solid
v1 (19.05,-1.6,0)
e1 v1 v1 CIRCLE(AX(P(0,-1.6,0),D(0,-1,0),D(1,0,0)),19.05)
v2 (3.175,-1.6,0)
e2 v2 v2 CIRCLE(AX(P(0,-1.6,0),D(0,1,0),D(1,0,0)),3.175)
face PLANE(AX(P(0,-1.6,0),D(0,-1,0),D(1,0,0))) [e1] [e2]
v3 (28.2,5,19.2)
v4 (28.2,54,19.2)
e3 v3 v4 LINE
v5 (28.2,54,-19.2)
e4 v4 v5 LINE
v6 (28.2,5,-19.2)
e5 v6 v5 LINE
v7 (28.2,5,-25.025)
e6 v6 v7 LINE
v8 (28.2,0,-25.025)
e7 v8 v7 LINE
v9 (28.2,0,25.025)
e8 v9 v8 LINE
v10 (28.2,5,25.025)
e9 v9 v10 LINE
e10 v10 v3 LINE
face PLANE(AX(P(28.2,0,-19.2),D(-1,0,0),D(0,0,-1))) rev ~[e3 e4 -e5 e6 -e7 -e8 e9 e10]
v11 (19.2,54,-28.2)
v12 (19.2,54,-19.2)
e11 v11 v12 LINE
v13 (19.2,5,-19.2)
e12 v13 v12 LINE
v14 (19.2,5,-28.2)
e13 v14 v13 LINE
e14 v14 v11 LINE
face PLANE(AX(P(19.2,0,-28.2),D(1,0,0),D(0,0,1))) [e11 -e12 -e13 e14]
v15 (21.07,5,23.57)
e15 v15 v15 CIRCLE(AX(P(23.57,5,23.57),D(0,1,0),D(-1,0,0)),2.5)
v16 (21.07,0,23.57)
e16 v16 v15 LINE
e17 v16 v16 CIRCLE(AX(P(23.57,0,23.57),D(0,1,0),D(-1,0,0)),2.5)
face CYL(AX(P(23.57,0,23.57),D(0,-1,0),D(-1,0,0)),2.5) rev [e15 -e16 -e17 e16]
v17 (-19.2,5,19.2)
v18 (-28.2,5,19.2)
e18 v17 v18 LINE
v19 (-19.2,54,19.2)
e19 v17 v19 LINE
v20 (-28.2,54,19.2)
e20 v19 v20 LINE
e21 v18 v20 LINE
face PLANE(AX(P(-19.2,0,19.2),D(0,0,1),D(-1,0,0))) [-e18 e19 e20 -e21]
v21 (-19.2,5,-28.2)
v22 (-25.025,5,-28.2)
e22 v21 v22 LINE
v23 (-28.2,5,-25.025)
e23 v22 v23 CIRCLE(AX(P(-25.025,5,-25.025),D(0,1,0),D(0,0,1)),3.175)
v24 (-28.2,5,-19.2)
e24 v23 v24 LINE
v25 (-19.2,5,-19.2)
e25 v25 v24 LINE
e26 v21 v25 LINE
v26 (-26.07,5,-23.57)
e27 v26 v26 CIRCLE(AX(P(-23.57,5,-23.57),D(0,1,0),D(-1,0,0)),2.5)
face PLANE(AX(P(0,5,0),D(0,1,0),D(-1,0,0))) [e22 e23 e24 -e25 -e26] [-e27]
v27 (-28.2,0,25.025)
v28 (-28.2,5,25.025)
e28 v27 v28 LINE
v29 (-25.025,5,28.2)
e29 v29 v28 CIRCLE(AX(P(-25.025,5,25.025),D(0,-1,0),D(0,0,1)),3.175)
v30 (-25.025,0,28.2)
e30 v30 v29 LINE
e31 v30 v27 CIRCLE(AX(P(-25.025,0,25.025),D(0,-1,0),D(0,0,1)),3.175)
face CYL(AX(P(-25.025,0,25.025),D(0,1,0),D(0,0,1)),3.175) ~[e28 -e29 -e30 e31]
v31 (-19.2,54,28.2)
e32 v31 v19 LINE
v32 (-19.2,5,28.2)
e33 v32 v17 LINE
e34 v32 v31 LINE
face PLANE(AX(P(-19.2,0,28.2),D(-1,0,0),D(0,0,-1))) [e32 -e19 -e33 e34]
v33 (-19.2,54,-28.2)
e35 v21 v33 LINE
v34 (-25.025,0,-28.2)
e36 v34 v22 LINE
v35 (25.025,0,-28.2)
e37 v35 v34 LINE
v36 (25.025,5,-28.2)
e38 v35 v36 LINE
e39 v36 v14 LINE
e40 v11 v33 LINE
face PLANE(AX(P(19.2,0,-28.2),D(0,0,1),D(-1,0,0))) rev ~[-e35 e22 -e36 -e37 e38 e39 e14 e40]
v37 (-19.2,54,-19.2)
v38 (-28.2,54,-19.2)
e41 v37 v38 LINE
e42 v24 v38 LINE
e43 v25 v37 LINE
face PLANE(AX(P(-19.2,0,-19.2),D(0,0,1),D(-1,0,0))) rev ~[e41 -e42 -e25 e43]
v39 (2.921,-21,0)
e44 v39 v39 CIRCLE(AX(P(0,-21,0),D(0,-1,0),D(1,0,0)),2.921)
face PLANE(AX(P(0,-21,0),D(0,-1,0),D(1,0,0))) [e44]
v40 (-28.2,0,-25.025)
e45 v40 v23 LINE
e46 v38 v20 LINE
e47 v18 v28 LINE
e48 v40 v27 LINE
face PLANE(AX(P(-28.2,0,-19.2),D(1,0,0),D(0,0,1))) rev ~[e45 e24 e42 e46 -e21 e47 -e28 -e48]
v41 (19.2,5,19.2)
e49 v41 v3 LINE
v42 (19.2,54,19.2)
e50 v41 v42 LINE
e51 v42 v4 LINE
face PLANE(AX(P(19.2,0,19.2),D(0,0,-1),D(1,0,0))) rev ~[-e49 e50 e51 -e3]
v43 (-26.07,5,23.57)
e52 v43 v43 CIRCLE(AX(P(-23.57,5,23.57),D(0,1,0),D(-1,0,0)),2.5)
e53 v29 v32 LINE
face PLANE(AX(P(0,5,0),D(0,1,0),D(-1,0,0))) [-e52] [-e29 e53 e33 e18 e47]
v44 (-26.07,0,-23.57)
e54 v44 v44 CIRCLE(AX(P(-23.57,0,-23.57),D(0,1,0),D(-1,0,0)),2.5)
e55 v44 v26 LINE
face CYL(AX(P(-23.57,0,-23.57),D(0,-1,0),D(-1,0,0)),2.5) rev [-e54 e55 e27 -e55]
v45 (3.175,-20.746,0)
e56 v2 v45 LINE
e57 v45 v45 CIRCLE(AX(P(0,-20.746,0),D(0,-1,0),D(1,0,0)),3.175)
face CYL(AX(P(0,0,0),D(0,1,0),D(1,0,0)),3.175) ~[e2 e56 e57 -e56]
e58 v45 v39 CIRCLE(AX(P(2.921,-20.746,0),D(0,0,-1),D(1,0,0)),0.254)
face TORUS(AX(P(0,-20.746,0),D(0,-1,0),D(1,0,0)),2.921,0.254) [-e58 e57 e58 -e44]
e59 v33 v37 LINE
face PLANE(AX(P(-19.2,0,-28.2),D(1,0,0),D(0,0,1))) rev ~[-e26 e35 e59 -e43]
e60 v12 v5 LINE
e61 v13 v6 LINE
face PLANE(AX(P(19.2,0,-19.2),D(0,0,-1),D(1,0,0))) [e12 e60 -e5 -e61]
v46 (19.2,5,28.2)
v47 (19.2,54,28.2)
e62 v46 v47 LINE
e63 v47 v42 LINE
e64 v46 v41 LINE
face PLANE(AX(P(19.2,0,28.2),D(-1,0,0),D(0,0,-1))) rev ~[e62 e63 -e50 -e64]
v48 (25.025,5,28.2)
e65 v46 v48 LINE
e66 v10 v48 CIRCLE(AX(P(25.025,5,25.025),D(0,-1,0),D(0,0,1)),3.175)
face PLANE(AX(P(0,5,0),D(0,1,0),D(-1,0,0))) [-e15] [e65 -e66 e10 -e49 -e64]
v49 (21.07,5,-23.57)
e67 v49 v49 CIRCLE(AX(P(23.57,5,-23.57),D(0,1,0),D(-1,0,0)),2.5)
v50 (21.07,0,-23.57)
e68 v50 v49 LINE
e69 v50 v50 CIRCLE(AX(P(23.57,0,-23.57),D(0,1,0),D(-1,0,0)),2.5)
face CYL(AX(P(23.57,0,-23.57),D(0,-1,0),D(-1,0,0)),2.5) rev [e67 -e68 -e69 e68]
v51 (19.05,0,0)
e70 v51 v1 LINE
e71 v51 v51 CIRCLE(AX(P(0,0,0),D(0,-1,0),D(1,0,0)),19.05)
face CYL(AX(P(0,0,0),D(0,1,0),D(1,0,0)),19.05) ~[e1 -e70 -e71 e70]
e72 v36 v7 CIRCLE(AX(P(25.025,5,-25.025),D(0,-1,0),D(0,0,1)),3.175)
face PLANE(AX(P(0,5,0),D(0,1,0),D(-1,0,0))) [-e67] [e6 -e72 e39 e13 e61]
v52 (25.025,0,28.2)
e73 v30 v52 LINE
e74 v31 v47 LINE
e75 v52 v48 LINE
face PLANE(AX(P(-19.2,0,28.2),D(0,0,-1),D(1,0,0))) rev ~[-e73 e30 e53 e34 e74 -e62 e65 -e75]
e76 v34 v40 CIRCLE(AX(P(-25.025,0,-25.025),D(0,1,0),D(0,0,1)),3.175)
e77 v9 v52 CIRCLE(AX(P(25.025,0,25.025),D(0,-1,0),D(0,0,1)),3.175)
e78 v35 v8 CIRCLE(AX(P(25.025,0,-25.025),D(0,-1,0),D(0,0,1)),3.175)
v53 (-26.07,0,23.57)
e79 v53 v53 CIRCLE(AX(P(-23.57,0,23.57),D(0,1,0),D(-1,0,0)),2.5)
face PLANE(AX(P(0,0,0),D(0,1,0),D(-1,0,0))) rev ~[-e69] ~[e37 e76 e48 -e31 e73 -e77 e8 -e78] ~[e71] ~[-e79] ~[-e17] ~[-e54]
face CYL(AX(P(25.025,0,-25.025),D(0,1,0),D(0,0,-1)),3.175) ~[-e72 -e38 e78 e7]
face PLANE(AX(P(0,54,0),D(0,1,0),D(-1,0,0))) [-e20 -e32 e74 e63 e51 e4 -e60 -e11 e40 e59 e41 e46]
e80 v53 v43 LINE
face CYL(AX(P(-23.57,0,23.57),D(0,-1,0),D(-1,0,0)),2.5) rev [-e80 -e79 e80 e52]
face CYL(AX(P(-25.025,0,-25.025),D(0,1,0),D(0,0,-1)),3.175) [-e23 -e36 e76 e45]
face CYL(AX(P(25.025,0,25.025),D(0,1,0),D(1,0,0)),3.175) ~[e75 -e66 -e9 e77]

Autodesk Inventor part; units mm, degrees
ref_plane "YZ Plane" through (0, 0, 0) normal (1, 0, 0) x (0, 1, 0)
ref_plane "XZ Plane" through (0, 0, 0) normal (0, 1, 0) x (-1, 0, 0)
ref_plane "XY Plane" through (0, 0, 0) normal (0, 0, 1) x (1, 0, 0)
sketch "Sketch1" plane through (0, 0, 0) normal (0, 1, 0) x (-1, 0, 0)
  line L0 (-28.2, -28.2) -> (28.2, -28.2)
  line L1 (28.2, -28.2) -> (28.2, 28.2)
  line L2 (28.2, 28.2) -> (-28.2, 28.2)
  line L3 (-28.2, 28.2) -> (-28.2, -28.2)
  line L4 (-28.2, -28.2) -> (28.2, 28.2) construction
  line L5 (28.2, -28.2) -> (-28.2, 28.2) construction
  line L6 (28.2, 28.2) -> (19.2, 28.2)
  line L7 (19.2, 28.2) -> (19.2, 19.2)
  line L8 (19.2, 19.2) -> (28.2, 19.2)
  line L9 (28.2, 19.2) -> (28.2, 28.2)
  line L10 (15.7012, 0) -> (-14.7312, 0)
  line L11 (0, 21.5613) -> (0, -24.5212)
  line L12 (28.2, -28.2) -> (19.2, -28.2)
  line L13 (19.2, -28.2) -> (19.2, -19.2)
  line L14 (19.2, -19.2) -> (28.2, -19.2)
  line L15 (28.2, -19.2) -> (28.2, -28.2)
  line L16 (-28.2, 28.2) -> (-19.2, 28.2)
  line L17 (-19.2, 28.2) -> (-19.2, 19.2)
  line L18 (-19.2, 19.2) -> (-28.2, 19.2)
  line L19 (-28.2, 19.2) -> (-28.2, 28.2)
  line L20 (-28.2, -28.2) -> (-19.2, -28.2)
  line L21 (-19.2, -28.2) -> (-19.2, -19.2)
  line L22 (-19.2, -19.2) -> (-28.2, -19.2)
  line L23 (-28.2, -19.2) -> (-28.2, -28.2)
  circle A0 centre (23.57, 23.57) radius 2.5
  circle A1 centre (23.57, -23.57) radius 2.5
  circle A2 centre (-23.57, 23.57) radius 2.5
  circle A3 centre (-23.57, -23.57) radius 2.5
  point P0 (0, 0)
  point P1 (0, 0)
  point P2 (0, 0)
  dimension "d0" = 56.4
  dimension "d1" = 56.4
  dimension "d2" = 9
  dimension "d3" = 9
  dimension "d6" = 47.14
  dimension "d7" = 47.14
  dimension "d8" = 5
extrude "Extrusion1" add sketch "Sketch1" along normal blind 54 contours L21 L22 L3 L18 L17 L2 L7 L8 L1 L14 L13 L0
extrude "Extrusion2" add sketch "Sketch1" along normal blind 5 contours L3 L22 L21 L0 | L13 L14 L1 L0 | L3 L2 L17 L18 | L8 L7 L2 L1
fillet "Fillet1" radius 3.175 4 edges at (-28.2, 2.5, 28.2) (-28.2, 2.5, -28.2) (28.2, 2.5, -28.2) (28.2, 2.5, 28.2)
sketch "Sketch2" plane through (0, 0, 0) normal (0, -1, 0) x (1, 0, 0)
  circle A0 centre (0, 0) radius 19.05
  dimension "d12" = 38.1
extrude "Extrusion3" add sketch "Sketch2" along normal blind 1.6
sketch "Sketch3" plane through (0, 0, 0) normal (0, -1, 0) x (1, 0, 0)
  circle A0 centre (0, 0) radius 3.175
  dimension "d15" = 6.35
extrude "Extrusion4" add sketch "Sketch3" along normal blind 21
fillet "Fillet2" radius 0.254 1 edges at (-3.175, -21, 0)
equation "\"d1\" = d0"
equation "\"d3\" = d2"
equation "\"d7\" = d6"
properties part number "Stepper_Motor_Large"
